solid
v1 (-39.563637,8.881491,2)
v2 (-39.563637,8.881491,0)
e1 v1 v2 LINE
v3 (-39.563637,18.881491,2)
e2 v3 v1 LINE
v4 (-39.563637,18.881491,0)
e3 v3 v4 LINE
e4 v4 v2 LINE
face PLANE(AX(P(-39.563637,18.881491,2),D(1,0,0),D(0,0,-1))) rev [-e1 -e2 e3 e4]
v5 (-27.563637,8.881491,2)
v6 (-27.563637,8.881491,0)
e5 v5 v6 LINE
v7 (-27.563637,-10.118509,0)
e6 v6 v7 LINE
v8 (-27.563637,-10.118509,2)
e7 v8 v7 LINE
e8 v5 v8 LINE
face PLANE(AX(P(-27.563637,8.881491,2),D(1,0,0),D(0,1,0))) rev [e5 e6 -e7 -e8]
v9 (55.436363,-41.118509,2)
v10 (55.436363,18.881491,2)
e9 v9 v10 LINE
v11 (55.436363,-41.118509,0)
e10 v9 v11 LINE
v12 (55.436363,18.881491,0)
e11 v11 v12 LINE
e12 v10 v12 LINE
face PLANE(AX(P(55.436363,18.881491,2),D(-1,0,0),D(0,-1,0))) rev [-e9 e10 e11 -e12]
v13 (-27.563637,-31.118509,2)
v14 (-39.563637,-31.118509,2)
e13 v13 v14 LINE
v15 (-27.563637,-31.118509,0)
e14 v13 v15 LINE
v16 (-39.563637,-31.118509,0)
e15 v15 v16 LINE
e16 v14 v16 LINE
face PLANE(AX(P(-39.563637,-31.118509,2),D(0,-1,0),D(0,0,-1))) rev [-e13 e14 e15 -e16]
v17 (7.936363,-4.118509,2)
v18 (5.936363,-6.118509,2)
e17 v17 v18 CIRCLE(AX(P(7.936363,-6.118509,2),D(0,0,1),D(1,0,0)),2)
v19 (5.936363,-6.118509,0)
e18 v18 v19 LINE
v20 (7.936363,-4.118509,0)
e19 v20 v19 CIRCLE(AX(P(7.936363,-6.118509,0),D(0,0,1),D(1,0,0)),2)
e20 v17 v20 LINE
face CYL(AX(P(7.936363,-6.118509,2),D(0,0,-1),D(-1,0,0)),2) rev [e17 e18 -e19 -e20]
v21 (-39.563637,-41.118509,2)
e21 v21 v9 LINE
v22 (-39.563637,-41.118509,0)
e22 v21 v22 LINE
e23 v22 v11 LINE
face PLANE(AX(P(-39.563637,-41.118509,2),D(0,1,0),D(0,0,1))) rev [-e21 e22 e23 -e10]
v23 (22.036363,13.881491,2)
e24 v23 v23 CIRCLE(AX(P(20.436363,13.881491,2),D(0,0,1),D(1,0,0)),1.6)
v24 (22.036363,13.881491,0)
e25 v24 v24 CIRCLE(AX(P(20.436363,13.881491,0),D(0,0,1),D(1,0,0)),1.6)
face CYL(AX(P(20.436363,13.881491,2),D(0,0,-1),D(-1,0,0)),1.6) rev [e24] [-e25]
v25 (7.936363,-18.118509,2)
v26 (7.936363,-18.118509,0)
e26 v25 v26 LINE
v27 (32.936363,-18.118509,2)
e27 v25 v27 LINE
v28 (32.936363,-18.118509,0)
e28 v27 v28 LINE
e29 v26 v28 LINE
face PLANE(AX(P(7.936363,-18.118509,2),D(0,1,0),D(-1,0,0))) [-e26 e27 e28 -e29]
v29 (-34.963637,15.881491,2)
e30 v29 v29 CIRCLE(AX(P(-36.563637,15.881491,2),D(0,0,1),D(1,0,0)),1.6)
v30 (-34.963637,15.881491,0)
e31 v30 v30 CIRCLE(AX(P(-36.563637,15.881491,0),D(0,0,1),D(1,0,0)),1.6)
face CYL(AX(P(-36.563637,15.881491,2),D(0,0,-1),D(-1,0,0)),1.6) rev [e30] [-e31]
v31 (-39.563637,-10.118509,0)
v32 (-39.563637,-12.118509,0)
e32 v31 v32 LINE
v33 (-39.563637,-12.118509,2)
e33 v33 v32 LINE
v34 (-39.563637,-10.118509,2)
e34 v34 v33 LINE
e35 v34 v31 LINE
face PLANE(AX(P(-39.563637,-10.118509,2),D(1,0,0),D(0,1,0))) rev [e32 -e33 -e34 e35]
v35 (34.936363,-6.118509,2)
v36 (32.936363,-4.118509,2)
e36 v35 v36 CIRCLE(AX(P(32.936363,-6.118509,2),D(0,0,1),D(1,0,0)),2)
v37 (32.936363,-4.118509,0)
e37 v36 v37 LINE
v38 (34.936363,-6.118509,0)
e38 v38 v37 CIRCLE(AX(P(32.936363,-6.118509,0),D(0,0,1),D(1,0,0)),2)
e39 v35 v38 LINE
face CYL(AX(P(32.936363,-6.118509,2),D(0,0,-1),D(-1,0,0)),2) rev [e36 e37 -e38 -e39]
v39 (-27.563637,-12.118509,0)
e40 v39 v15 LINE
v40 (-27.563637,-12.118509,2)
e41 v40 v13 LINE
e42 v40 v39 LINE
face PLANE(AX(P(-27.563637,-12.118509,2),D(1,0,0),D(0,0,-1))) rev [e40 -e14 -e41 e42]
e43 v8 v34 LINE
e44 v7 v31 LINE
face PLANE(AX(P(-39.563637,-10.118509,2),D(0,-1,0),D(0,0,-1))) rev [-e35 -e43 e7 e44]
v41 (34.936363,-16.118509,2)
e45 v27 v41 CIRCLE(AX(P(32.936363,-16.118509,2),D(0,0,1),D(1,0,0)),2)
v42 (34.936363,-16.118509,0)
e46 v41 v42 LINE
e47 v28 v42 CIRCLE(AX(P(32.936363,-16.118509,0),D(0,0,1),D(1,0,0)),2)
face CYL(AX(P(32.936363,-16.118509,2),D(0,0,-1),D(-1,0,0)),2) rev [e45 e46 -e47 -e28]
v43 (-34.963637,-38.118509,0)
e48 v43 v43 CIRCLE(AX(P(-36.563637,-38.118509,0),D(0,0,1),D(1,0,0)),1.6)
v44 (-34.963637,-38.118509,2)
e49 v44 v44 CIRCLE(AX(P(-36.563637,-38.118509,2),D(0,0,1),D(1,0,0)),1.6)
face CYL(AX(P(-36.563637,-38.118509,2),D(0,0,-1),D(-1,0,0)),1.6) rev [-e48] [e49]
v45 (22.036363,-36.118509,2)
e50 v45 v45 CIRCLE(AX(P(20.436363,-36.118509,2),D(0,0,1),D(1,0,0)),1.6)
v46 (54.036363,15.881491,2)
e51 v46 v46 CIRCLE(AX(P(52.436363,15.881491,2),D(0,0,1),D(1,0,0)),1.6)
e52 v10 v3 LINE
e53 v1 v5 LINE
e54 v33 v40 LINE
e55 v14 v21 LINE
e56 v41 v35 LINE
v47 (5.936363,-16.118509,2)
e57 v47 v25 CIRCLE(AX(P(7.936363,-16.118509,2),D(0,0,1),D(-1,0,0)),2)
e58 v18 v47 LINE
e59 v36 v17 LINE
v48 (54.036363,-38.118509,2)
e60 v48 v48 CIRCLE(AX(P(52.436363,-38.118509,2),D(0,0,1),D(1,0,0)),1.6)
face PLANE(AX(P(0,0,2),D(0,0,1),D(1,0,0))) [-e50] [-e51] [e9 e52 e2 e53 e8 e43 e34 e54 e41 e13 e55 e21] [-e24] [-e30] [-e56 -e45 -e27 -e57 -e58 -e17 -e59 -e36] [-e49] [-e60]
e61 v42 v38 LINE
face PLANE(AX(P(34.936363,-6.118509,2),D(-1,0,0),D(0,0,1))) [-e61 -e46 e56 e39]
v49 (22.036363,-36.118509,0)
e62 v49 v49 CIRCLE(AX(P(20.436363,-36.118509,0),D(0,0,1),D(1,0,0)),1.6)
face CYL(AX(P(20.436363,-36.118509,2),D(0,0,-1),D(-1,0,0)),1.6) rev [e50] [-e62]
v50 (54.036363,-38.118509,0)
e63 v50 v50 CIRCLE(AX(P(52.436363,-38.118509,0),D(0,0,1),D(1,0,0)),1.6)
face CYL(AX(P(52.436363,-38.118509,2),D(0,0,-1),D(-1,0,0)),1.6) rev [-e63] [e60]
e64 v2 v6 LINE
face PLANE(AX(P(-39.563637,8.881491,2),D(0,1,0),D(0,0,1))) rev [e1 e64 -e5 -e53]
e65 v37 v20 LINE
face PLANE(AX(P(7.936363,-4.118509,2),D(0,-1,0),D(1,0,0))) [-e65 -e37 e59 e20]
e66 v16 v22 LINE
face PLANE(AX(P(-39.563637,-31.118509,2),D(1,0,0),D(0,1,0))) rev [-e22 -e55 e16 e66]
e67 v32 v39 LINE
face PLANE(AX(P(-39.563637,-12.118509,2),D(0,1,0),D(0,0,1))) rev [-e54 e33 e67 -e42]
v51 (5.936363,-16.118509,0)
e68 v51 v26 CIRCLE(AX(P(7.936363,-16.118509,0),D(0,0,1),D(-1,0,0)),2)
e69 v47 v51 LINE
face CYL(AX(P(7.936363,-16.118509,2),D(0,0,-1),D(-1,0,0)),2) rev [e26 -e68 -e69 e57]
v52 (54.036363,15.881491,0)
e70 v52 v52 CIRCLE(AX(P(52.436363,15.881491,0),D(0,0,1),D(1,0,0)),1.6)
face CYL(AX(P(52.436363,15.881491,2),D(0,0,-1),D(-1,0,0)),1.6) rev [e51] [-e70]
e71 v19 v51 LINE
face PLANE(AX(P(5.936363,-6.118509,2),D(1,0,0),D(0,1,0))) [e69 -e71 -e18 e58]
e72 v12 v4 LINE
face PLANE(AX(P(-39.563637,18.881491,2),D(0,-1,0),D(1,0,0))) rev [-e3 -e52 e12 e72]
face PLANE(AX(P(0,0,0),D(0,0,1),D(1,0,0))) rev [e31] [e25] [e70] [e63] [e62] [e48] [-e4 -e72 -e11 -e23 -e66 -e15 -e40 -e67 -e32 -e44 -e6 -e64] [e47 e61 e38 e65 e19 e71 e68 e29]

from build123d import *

# Parameters (mm, degrees)
SKETCH1_R           = 1.6
BOSS_EXTRUDE1_DEPTH = 2


with BuildPart() as part:
    # Sketch1 → Boss-Extrude1 (new body)
    with BuildSketch(Plane.XY):
        Polygon((-39.5636369, 18.881491211), (55.4363631, 18.881491211), (55.4363631, -41.118508789), (-39.5636369, -41.118508789), (-39.5636369, -31.118508789), (-27.5636369, -31.118508789), (-27.5636369, -12.118508789), (-39.5636369, -12.118508789), (-39.5636369, -10.118508789), (-27.5636369, -10.118508789), (-27.5636369, 8.881491211), (-39.5636369, 8.881491211), align=None)
        with Locations((20.4363631, 13.881491211)):
            Circle(SKETCH1_R, mode=Mode.SUBTRACT)
        with Locations((20.4363631, -36.118508789)):
            Circle(SKETCH1_R, mode=Mode.SUBTRACT)
        with Locations((-36.5636369, 15.881491211)):
            Circle(SKETCH1_R, mode=Mode.SUBTRACT)
        with Locations((52.4363631, 15.881491211)):
            Circle(SKETCH1_R, mode=Mode.SUBTRACT)
        with Locations((-36.5636369, -38.118508789)):
            Circle(SKETCH1_R, mode=Mode.SUBTRACT)
        with Locations((52.4363631, -38.118508789)):
            Circle(SKETCH1_R, mode=Mode.SUBTRACT)
        with BuildLine():
            Line((7.9363631, -4.118508789), (32.9363631, -4.118508789))
            ThreePointArc((32.9363631, -4.118508789), (34.350576663, -4.704295227), (34.9363631, -6.118508789))
            Line((34.9363631, -6.118508789), (34.9363631, -16.118508789))
            ThreePointArc((34.9363631, -16.118508789), (34.350576663, -17.532722351), (32.9363631, -18.118508789))
            Line((32.9363631, -18.118508789), (7.9363631, -18.118508789))
            ThreePointArc((7.9363631, -18.118508789), (6.522149538, -17.532722351), (5.9363631, -16.118508789))
            Line((5.9363631, -16.118508789), (5.9363631, -6.118508789))
            ThreePointArc((5.9363631, -6.118508789), (6.522149538, -4.704295227), (7.9363631, -4.118508789))
        make_face(mode=Mode.SUBTRACT)
    extrude(amount=BOSS_EXTRUDE1_DEPTH)


solid = part.part
